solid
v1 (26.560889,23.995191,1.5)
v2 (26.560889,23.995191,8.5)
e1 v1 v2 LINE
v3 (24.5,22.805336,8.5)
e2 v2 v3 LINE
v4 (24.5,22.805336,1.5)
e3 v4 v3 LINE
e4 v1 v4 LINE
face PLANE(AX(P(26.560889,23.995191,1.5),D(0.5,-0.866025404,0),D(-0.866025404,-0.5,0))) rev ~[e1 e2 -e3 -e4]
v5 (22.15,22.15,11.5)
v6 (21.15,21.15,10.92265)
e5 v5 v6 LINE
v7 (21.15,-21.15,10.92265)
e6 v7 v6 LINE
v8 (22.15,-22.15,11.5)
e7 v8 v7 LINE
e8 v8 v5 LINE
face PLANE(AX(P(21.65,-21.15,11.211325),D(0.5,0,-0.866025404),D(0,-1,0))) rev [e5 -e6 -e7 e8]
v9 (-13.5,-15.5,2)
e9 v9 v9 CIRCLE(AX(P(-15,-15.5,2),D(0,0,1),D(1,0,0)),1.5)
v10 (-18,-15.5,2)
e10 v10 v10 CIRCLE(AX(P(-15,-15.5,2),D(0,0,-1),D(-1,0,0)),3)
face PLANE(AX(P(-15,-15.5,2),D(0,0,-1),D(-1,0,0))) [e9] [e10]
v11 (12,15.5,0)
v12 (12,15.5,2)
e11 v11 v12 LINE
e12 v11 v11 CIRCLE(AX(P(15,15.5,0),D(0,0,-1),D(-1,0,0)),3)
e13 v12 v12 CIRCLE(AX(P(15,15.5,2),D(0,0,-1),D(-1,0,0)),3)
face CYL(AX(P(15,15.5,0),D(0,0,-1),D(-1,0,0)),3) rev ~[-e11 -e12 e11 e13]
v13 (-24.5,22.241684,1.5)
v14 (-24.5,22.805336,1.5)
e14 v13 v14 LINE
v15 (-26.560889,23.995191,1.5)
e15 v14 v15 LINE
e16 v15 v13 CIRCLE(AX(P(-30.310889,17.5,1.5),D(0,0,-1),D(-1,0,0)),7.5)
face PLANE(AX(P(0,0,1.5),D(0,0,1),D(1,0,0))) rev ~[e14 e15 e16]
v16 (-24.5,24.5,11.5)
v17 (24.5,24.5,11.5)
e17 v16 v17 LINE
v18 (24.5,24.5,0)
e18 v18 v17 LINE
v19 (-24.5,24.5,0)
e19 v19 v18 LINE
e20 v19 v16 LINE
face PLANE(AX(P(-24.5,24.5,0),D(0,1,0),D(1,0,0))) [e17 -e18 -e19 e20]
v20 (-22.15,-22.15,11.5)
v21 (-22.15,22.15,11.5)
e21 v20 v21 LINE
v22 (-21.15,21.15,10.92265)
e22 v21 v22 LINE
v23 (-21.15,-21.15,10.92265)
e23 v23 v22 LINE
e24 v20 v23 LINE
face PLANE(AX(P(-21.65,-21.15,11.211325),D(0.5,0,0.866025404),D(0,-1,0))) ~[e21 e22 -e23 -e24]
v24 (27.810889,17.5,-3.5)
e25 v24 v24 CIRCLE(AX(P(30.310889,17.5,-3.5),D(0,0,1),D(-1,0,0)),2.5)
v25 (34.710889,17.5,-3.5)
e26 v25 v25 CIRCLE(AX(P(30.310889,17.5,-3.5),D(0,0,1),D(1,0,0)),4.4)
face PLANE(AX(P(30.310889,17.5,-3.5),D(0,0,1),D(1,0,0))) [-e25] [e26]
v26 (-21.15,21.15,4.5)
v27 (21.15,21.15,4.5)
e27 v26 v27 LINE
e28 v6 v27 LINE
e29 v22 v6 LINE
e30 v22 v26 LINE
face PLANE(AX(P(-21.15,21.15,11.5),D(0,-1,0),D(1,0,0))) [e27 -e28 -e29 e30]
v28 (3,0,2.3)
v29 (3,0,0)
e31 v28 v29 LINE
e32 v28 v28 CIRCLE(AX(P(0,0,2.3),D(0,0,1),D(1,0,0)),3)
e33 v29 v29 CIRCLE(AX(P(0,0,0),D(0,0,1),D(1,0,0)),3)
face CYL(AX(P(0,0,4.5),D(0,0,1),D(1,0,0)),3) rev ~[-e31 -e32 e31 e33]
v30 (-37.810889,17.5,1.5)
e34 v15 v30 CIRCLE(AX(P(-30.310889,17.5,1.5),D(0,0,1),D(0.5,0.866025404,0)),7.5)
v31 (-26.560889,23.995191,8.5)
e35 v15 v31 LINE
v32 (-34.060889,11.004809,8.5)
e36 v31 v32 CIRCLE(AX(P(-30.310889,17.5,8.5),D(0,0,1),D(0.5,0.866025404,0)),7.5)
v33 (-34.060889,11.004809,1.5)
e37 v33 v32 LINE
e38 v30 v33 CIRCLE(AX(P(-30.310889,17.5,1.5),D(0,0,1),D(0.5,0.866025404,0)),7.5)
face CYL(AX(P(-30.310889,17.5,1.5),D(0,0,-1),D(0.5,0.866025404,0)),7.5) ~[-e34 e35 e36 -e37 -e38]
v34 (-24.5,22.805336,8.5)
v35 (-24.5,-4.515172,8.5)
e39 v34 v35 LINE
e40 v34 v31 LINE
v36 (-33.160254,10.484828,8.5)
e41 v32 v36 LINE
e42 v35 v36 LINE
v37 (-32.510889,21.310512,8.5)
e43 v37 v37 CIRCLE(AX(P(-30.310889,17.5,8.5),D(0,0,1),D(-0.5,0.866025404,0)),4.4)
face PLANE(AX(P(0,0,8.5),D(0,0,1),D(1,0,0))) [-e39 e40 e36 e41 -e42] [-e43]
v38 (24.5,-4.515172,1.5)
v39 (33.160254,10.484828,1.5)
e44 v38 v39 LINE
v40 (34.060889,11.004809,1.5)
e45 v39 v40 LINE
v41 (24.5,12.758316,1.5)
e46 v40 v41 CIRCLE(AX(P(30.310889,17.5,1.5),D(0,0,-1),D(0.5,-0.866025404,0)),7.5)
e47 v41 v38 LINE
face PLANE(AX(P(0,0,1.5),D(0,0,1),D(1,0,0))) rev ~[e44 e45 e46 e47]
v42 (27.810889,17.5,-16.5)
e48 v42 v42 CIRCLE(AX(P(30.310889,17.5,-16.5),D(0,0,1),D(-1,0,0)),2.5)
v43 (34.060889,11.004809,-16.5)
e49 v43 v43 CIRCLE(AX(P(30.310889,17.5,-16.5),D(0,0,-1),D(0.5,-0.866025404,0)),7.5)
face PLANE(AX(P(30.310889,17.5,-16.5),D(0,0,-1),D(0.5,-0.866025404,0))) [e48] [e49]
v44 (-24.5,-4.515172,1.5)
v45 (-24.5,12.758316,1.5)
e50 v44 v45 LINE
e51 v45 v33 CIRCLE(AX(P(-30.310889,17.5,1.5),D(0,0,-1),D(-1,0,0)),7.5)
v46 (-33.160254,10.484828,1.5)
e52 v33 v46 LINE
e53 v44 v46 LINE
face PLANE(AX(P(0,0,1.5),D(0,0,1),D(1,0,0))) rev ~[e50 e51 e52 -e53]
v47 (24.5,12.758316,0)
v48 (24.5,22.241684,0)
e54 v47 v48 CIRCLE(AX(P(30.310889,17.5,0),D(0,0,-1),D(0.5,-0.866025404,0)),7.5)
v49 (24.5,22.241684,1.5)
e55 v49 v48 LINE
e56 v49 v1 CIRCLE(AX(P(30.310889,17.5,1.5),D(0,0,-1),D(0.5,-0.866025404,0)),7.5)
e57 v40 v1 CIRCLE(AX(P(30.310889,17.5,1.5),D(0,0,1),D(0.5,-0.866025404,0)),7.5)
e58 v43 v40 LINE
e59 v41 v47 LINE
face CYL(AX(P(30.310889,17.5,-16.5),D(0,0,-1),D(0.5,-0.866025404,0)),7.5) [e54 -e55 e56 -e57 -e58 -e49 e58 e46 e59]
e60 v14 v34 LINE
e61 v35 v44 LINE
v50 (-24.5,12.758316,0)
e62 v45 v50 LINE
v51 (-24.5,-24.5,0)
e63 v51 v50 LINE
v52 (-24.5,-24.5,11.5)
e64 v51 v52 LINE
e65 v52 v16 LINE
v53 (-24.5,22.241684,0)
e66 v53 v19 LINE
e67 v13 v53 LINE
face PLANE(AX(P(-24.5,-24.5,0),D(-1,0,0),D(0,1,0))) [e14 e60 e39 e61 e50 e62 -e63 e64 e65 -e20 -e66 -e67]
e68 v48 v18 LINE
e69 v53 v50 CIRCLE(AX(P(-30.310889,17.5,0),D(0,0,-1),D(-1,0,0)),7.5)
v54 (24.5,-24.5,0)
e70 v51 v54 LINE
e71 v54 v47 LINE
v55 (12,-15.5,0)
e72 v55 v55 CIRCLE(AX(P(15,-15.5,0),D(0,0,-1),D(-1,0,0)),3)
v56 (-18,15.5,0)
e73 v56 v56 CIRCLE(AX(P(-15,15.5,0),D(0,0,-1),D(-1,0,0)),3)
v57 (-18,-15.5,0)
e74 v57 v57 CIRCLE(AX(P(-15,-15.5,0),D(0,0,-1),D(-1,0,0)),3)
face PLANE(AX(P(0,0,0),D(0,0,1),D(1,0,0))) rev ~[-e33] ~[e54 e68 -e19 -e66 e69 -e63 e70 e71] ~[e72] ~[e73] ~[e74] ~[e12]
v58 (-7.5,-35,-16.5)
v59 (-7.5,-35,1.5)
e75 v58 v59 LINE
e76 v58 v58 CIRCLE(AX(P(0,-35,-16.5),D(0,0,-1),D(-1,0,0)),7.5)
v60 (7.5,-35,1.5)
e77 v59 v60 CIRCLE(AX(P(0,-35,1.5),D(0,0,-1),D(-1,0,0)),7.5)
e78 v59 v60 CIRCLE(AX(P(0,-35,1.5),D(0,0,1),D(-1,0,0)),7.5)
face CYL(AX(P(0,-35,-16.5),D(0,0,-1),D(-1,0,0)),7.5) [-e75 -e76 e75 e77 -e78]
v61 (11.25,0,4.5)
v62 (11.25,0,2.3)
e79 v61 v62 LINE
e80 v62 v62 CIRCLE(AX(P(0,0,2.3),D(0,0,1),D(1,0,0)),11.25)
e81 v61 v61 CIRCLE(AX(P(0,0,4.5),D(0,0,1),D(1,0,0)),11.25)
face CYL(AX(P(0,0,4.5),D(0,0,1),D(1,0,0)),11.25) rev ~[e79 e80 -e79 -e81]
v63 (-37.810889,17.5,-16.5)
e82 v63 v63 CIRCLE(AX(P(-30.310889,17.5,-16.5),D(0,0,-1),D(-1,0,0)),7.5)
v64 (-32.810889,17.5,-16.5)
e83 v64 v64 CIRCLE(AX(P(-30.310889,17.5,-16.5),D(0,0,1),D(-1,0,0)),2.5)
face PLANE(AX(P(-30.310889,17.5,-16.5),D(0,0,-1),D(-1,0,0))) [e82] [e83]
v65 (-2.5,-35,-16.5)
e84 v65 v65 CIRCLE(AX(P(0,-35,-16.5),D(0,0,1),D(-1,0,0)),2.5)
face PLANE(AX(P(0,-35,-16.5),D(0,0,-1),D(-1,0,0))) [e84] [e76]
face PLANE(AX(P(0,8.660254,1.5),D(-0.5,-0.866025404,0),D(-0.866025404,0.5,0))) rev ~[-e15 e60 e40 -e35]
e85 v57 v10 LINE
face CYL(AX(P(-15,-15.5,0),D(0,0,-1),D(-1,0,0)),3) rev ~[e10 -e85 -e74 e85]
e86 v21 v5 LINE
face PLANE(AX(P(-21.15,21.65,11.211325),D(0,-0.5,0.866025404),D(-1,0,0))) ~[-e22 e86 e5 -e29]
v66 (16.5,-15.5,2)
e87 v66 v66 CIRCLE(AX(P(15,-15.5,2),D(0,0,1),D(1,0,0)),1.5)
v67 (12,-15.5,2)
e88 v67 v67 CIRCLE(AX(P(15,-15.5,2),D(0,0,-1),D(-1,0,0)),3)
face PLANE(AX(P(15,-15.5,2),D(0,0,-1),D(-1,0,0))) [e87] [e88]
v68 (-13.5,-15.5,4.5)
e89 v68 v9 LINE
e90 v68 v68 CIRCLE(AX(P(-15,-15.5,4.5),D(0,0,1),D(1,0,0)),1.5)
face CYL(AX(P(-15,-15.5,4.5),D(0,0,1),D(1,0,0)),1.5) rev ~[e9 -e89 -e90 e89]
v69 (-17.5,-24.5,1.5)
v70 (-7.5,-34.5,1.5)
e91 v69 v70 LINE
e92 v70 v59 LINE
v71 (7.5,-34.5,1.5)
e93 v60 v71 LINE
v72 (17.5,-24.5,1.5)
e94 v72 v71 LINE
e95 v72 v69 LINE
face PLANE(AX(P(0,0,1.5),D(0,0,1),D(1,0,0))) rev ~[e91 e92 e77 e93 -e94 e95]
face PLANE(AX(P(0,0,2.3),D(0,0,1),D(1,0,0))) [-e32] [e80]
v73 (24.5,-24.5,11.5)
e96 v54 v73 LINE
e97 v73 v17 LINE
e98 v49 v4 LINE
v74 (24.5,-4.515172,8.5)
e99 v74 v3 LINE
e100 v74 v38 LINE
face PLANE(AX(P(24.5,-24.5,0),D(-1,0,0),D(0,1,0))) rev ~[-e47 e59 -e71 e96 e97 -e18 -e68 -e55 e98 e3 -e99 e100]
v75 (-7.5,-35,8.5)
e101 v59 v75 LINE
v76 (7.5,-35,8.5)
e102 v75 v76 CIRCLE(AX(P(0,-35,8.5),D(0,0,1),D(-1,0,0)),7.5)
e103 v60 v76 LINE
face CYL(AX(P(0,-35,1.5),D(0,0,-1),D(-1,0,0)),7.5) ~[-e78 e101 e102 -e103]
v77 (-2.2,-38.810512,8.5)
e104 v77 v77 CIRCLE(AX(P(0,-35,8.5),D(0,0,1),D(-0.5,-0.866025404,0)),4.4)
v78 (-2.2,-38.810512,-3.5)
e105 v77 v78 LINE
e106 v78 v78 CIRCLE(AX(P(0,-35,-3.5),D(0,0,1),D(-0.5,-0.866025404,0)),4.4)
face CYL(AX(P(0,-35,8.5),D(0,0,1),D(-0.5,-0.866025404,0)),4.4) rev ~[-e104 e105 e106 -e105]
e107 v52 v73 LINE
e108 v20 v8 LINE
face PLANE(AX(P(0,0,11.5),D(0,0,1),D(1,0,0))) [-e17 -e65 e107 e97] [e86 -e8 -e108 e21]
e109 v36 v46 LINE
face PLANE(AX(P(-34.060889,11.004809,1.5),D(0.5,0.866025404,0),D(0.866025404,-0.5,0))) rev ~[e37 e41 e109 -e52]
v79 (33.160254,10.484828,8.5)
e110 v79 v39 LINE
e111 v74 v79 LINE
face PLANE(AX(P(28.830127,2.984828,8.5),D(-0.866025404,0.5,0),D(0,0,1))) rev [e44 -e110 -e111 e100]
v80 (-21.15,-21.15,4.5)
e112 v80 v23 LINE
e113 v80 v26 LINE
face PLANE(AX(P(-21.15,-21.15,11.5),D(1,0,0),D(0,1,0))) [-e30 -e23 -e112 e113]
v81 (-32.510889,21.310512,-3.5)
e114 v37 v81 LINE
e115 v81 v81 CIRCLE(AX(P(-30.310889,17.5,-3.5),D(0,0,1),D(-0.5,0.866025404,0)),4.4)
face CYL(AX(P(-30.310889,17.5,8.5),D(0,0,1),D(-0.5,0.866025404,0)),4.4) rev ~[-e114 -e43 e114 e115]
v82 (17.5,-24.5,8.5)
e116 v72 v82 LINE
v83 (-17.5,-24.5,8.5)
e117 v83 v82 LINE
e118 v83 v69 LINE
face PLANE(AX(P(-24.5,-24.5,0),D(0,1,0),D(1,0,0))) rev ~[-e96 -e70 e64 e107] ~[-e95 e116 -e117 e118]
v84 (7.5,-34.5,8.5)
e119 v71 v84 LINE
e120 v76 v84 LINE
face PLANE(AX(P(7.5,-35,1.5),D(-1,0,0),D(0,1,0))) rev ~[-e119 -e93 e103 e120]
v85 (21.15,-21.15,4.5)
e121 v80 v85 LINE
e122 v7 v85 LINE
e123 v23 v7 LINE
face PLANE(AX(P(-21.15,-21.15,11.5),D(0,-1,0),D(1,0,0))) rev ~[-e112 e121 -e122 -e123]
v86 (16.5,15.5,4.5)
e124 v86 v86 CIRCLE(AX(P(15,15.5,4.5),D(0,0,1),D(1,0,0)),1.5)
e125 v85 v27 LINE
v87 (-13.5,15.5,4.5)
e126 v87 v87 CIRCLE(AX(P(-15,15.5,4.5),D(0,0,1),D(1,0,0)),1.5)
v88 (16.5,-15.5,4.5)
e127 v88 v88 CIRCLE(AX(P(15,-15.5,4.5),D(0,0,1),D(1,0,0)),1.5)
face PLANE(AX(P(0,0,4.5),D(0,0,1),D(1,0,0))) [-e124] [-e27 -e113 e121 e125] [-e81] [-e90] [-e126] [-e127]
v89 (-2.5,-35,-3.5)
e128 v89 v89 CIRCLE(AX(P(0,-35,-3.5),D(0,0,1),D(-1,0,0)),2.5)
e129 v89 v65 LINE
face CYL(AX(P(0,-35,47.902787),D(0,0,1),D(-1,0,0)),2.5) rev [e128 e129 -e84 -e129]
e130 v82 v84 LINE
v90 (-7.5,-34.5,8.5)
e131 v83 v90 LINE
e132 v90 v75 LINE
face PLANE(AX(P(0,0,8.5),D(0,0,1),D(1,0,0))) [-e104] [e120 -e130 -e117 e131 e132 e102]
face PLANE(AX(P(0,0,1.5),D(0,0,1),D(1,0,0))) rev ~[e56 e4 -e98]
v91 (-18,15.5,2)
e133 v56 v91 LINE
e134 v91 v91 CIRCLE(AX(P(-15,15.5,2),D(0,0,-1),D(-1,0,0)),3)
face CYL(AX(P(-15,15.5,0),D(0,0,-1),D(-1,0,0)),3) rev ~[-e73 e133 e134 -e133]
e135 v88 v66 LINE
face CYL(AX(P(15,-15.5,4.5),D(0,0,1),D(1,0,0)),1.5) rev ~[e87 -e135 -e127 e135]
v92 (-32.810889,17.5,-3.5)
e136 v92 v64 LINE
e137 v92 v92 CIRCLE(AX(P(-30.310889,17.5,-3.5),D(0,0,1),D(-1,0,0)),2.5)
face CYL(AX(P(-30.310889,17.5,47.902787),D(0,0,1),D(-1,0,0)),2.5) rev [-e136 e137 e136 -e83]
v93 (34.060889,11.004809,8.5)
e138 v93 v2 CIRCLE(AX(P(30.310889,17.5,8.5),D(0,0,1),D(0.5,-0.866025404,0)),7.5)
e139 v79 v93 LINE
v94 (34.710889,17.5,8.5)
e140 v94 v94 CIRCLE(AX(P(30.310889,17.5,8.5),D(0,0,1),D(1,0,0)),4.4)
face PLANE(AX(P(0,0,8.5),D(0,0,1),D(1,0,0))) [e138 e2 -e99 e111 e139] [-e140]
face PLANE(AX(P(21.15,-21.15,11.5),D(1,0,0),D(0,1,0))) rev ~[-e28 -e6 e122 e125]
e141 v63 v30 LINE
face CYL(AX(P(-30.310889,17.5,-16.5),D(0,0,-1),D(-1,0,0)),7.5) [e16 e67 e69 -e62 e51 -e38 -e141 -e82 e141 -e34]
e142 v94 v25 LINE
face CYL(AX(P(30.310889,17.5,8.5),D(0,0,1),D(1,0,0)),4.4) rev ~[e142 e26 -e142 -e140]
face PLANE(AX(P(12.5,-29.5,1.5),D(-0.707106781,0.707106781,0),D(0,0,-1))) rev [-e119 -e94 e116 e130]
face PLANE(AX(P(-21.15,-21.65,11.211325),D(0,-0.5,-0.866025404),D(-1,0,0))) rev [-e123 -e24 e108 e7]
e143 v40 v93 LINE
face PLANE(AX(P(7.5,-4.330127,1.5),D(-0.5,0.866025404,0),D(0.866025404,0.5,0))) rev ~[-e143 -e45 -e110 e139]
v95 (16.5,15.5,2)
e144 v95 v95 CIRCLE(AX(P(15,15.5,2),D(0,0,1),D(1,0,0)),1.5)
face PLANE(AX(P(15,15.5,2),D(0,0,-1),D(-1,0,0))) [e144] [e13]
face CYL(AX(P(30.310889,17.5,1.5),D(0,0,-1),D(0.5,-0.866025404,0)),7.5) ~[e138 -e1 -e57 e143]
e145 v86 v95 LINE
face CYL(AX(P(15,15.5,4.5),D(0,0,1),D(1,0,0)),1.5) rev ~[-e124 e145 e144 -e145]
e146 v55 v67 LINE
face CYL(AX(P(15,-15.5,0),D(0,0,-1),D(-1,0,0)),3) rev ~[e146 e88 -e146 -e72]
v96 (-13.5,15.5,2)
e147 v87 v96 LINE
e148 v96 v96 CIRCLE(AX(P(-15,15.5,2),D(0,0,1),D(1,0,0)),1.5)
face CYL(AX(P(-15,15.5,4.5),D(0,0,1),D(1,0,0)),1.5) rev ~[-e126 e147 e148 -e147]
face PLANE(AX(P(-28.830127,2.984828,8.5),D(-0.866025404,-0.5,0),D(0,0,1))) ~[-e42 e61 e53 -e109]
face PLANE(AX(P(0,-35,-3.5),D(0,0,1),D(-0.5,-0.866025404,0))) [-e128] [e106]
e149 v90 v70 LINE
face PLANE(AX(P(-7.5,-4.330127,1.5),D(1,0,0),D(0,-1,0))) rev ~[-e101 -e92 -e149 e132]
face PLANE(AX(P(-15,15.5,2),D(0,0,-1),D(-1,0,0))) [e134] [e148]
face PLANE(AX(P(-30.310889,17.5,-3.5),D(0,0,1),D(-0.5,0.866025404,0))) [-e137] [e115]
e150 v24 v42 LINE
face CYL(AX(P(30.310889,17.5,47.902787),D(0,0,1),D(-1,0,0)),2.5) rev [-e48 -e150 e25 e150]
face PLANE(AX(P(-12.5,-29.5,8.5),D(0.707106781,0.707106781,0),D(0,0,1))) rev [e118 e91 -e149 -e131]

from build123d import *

# Parameters (mm, degrees)
SKIZZE1_W                             = 49
SKIZZE1_H                             = 49
AUFSATZ_LINEAR_AUSTRAGEN1_DEPTH       = 11.5
SKIZZE2_W                             = 42.3
SKIZZE2_H                             = 42.3
SCHNITT_LINEAR_AUSTRAGEN1_DEPTH       = 5
SKIZZE3_R                             = 2.85
SCHNITT_LINEAR_AUSTRAGEN2_DEPTH       = 7
AUFSATZ_LINEAR_AUSTRAGEN2_DEPTH       = 2
AUFSATZ_LINEAR_AUSTRAGEN2_DEPTH_BACK  = 5
SKIZZE6_W                             = 42.3
SKIZZE6_H                             = 42.3
SCHNITT_LINEAR_AUSTRAGEN3_DEPTH       = 7
AUFSATZ_LINEAR_START                  = 18
SKIZZE8_R                             = 7.5
AUFSATZ_LINEAR_AUSTRAGEN3_DEPTH       = 18
FASE2_SIZE                            = 10
FASE4_SIZE                            = 1
FASE4_SIZE2                           = 0.577350269
SKIZZE17_R                            = 3
SCHNITT_LINEAR_AUSTRAGEN8_DEPTH       = 23
SKIZZE18_R                            = 11.25
SCHNITT_LINEAR_AUSTRAGEN9_DEPTH       = 2.2
SCHNITT_LINEAR_AUSTRAGEN10_DEPTH      = 64.402786508
SCHNITT_LINEAR_AUSTRAGEN10_DEPTH_BACK = 64.402786508
SKIZZE10_R                            = 2.5
SKIZZE19_R                            = 4.4
SCHNITT_LINEAR_AUSTRAGEN11_DEPTH      = 12
KREISMUSTER1_COUNT                    = 3
SKIZZE21_R                            = 1.5
SCHNITT_LINEAR_AUSTRAGEN12_DEPTH      = 10
SKIZZE22_R                            = 3
SCHNITT_LINEAR_AUSTRAGEN13_DEPTH      = 2


with BuildPart() as part:
    # Skizze1 → Aufsatz-Linear austragen1 (new body)
    with BuildSketch(Plane.XY):
        Rectangle(SKIZZE1_W, SKIZZE1_H)
    extrude(amount=AUFSATZ_LINEAR_AUSTRAGEN1_DEPTH)

    # Skizze2 → Schnitt-Linear austragen1 (cut)
    with BuildSketch(Plane.XY.offset(11.5)):
        Rectangle(SKIZZE2_W, SKIZZE2_H)
    extrude(amount=-SCHNITT_LINEAR_AUSTRAGEN1_DEPTH, mode=Mode.SUBTRACT)

    # Skizze3 → Schnitt-Linear austragen2 (cut)
    with BuildSketch(Plane.XY.offset(6.5)):
        Circle(SKIZZE3_R)
    extrude(amount=-SCHNITT_LINEAR_AUSTRAGEN2_DEPTH, mode=Mode.SUBTRACT)

    # Skizze5 → Aufsatz-Linear austragen2 (add, two sides: drawn at the far end of the back side and taken through both)
    with BuildSketch(Plane.XY.offset(6.5).offset(-AUFSATZ_LINEAR_AUSTRAGEN2_DEPTH_BACK)):
        with BuildLine():
            Line((26.560889132, 23.995190528), (0, 8.660254038))
            Line((0, 8.660254038), (-26.560889132, 23.995190528))
            ThreePointArc((-26.560889132, 23.995190528), (-36.806079661, 21.25), (-34.060889132, 11.004809472))
            Line((-34.060889132, 11.004809472), (-7.5, -4.330127019))
            Line((-7.5, -4.330127019), (-7.5, -35))
            ThreePointArc((-7.5, -35), (0, -42.5), (7.5, -35))
            Line((7.5, -35), (7.5, -4.330127019))
            Line((7.5, -4.330127019), (34.060889132, 11.004809472))
            ThreePointArc((34.060889132, 11.004809472), (36.806079661, 21.25), (26.560889132, 23.995190528))
        make_face()
    extrude(amount=AUFSATZ_LINEAR_AUSTRAGEN2_DEPTH + AUFSATZ_LINEAR_AUSTRAGEN2_DEPTH_BACK)

    # Skizze6 → Schnitt-Linear austragen3 (cut)
    with BuildSketch(Plane.XY.offset(11.5)):
        Rectangle(SKIZZE6_W, SKIZZE6_H)
    extrude(amount=-SCHNITT_LINEAR_AUSTRAGEN3_DEPTH, mode=Mode.SUBTRACT)

    # Skizze8 → Aufsatz-Linear austragen3 (add)
    with BuildSketch(Plane(origin=(0, 0, 1.5), x_dir=(-1, 0, 0), z_dir=(0, 0, -1)).offset(AUFSATZ_LINEAR_START)):
        with Locations(Location((-30.310889132, 17.5, 0), (0, 0, 240))):
            Circle(SKIZZE8_R)
        with Locations((0, -35)):
            Circle(SKIZZE8_R)
        with Locations((30.310889132, 17.5)):
            Circle(SKIZZE8_R)
    extrude(amount=-AUFSATZ_LINEAR_AUSTRAGEN3_DEPTH)

    # Fase2
    fase2_edges = [part.edges().sort_by_distance(p)[0] for p in [
        (-24.5, 5.484827557, 5),
        (-7.5, -24.5, 5),
        (7.5, -24.5, 5),
        (24.5, 5.484827557, 5),
    ]]
    chamfer(fase2_edges, length=FASE2_SIZE)

    # Fase4
    fase4_edges = [part.edges().sort_by_distance(p)[0] for p in [
        (21.15, 0, 11.5),
        (0, 21.15, 11.5),
        (-21.15, 0, 11.5),
        (0, -21.15, 11.5),
    ]]
    fase4_side = [part.faces().sort_by_distance(p)[0] for p in [
        (0, 23.807035354, 11.5),
    ]]
    chamfer(fase4_edges, length=FASE4_SIZE, length2=FASE4_SIZE2, reference=fase4_side[0])

    # Skizze17 → Schnitt-Linear austragen8 (cut)
    with BuildSketch(Plane.XY.offset(4.5)):
        Circle(SKIZZE17_R)
    extrude(amount=-SCHNITT_LINEAR_AUSTRAGEN8_DEPTH, mode=Mode.SUBTRACT)

    # Skizze18 → Schnitt-Linear austragen9 (cut)
    with BuildSketch(Plane.XY.offset(4.5)):
        Circle(SKIZZE18_R)
    extrude(amount=-SCHNITT_LINEAR_AUSTRAGEN9_DEPTH, mode=Mode.SUBTRACT)

    # Skizze10 → Schnitt-Linear austragen10 (cut, two sides: drawn at the far end of the back side and taken through both)
    with BuildSketch(Plane(origin=(0, 0, -16.5), x_dir=(-1, 0, 0), z_dir=(0, 0, -1)).offset(-SCHNITT_LINEAR_AUSTRAGEN10_DEPTH_BACK)):
        with Locations((-30.310889132, 17.5)):
            Circle(SKIZZE10_R)
        with Locations((30.310889132, 17.5)):
            Circle(SKIZZE10_R)
        with Locations((0, -35)):
            Circle(SKIZZE10_R)
    extrude(amount=SCHNITT_LINEAR_AUSTRAGEN10_DEPTH + SCHNITT_LINEAR_AUSTRAGEN10_DEPTH_BACK, mode=Mode.SUBTRACT)

    # Skizze19 → Schnitt-Linear austragen11 (cut)
    with BuildSketch(Plane.XY.offset(8.5)):
        with Locations((30.310889132, 17.5)):
            Circle(SKIZZE19_R)
    schnitt_linear_austragen11 = extrude(amount=-SCHNITT_LINEAR_AUSTRAGEN11_DEPTH, mode=Mode.SUBTRACT)

    # Kreismuster1: Schnitt-Linear austragen11 ×3 about axis
    kreismuster1_axis = Axis((0, 0, 0), (0, 0, 1))
    for i in range(1, KREISMUSTER1_COUNT):
        add(schnitt_linear_austragen11.rotate(kreismuster1_axis, i * 360 / KREISMUSTER1_COUNT), mode=Mode.SUBTRACT)

    # Skizze21 → Schnitt-Linear austragen12 (cut)
    with BuildSketch(Plane.XY.offset(4.5)):
        with Locations((-15, 15.5)):
            Circle(SKIZZE21_R)
        with Locations((15, 15.5)):
            Circle(SKIZZE21_R)
        with Locations((15, -15.5)):
            Circle(SKIZZE21_R)
        with Locations((-15, -15.5)):
            Circle(SKIZZE21_R)
    extrude(amount=-SCHNITT_LINEAR_AUSTRAGEN12_DEPTH, mode=Mode.SUBTRACT)

    # Skizze22 → Schnitt-Linear austragen13 (cut)
    with BuildSketch(Plane(origin=(0, 0, 0), x_dir=(-1, 0, 0), z_dir=(0, 0, -1))):
        with Locations((-15, 15.5)):
            Circle(SKIZZE22_R)
        with Locations((15, 15.5)):
            Circle(SKIZZE22_R)
        with Locations((15, -15.5)):
            Circle(SKIZZE22_R)
        with Locations((-15, -15.5)):
            Circle(SKIZZE22_R)
    extrude(amount=-SCHNITT_LINEAR_AUSTRAGEN13_DEPTH, mode=Mode.SUBTRACT)


solid = part.part
